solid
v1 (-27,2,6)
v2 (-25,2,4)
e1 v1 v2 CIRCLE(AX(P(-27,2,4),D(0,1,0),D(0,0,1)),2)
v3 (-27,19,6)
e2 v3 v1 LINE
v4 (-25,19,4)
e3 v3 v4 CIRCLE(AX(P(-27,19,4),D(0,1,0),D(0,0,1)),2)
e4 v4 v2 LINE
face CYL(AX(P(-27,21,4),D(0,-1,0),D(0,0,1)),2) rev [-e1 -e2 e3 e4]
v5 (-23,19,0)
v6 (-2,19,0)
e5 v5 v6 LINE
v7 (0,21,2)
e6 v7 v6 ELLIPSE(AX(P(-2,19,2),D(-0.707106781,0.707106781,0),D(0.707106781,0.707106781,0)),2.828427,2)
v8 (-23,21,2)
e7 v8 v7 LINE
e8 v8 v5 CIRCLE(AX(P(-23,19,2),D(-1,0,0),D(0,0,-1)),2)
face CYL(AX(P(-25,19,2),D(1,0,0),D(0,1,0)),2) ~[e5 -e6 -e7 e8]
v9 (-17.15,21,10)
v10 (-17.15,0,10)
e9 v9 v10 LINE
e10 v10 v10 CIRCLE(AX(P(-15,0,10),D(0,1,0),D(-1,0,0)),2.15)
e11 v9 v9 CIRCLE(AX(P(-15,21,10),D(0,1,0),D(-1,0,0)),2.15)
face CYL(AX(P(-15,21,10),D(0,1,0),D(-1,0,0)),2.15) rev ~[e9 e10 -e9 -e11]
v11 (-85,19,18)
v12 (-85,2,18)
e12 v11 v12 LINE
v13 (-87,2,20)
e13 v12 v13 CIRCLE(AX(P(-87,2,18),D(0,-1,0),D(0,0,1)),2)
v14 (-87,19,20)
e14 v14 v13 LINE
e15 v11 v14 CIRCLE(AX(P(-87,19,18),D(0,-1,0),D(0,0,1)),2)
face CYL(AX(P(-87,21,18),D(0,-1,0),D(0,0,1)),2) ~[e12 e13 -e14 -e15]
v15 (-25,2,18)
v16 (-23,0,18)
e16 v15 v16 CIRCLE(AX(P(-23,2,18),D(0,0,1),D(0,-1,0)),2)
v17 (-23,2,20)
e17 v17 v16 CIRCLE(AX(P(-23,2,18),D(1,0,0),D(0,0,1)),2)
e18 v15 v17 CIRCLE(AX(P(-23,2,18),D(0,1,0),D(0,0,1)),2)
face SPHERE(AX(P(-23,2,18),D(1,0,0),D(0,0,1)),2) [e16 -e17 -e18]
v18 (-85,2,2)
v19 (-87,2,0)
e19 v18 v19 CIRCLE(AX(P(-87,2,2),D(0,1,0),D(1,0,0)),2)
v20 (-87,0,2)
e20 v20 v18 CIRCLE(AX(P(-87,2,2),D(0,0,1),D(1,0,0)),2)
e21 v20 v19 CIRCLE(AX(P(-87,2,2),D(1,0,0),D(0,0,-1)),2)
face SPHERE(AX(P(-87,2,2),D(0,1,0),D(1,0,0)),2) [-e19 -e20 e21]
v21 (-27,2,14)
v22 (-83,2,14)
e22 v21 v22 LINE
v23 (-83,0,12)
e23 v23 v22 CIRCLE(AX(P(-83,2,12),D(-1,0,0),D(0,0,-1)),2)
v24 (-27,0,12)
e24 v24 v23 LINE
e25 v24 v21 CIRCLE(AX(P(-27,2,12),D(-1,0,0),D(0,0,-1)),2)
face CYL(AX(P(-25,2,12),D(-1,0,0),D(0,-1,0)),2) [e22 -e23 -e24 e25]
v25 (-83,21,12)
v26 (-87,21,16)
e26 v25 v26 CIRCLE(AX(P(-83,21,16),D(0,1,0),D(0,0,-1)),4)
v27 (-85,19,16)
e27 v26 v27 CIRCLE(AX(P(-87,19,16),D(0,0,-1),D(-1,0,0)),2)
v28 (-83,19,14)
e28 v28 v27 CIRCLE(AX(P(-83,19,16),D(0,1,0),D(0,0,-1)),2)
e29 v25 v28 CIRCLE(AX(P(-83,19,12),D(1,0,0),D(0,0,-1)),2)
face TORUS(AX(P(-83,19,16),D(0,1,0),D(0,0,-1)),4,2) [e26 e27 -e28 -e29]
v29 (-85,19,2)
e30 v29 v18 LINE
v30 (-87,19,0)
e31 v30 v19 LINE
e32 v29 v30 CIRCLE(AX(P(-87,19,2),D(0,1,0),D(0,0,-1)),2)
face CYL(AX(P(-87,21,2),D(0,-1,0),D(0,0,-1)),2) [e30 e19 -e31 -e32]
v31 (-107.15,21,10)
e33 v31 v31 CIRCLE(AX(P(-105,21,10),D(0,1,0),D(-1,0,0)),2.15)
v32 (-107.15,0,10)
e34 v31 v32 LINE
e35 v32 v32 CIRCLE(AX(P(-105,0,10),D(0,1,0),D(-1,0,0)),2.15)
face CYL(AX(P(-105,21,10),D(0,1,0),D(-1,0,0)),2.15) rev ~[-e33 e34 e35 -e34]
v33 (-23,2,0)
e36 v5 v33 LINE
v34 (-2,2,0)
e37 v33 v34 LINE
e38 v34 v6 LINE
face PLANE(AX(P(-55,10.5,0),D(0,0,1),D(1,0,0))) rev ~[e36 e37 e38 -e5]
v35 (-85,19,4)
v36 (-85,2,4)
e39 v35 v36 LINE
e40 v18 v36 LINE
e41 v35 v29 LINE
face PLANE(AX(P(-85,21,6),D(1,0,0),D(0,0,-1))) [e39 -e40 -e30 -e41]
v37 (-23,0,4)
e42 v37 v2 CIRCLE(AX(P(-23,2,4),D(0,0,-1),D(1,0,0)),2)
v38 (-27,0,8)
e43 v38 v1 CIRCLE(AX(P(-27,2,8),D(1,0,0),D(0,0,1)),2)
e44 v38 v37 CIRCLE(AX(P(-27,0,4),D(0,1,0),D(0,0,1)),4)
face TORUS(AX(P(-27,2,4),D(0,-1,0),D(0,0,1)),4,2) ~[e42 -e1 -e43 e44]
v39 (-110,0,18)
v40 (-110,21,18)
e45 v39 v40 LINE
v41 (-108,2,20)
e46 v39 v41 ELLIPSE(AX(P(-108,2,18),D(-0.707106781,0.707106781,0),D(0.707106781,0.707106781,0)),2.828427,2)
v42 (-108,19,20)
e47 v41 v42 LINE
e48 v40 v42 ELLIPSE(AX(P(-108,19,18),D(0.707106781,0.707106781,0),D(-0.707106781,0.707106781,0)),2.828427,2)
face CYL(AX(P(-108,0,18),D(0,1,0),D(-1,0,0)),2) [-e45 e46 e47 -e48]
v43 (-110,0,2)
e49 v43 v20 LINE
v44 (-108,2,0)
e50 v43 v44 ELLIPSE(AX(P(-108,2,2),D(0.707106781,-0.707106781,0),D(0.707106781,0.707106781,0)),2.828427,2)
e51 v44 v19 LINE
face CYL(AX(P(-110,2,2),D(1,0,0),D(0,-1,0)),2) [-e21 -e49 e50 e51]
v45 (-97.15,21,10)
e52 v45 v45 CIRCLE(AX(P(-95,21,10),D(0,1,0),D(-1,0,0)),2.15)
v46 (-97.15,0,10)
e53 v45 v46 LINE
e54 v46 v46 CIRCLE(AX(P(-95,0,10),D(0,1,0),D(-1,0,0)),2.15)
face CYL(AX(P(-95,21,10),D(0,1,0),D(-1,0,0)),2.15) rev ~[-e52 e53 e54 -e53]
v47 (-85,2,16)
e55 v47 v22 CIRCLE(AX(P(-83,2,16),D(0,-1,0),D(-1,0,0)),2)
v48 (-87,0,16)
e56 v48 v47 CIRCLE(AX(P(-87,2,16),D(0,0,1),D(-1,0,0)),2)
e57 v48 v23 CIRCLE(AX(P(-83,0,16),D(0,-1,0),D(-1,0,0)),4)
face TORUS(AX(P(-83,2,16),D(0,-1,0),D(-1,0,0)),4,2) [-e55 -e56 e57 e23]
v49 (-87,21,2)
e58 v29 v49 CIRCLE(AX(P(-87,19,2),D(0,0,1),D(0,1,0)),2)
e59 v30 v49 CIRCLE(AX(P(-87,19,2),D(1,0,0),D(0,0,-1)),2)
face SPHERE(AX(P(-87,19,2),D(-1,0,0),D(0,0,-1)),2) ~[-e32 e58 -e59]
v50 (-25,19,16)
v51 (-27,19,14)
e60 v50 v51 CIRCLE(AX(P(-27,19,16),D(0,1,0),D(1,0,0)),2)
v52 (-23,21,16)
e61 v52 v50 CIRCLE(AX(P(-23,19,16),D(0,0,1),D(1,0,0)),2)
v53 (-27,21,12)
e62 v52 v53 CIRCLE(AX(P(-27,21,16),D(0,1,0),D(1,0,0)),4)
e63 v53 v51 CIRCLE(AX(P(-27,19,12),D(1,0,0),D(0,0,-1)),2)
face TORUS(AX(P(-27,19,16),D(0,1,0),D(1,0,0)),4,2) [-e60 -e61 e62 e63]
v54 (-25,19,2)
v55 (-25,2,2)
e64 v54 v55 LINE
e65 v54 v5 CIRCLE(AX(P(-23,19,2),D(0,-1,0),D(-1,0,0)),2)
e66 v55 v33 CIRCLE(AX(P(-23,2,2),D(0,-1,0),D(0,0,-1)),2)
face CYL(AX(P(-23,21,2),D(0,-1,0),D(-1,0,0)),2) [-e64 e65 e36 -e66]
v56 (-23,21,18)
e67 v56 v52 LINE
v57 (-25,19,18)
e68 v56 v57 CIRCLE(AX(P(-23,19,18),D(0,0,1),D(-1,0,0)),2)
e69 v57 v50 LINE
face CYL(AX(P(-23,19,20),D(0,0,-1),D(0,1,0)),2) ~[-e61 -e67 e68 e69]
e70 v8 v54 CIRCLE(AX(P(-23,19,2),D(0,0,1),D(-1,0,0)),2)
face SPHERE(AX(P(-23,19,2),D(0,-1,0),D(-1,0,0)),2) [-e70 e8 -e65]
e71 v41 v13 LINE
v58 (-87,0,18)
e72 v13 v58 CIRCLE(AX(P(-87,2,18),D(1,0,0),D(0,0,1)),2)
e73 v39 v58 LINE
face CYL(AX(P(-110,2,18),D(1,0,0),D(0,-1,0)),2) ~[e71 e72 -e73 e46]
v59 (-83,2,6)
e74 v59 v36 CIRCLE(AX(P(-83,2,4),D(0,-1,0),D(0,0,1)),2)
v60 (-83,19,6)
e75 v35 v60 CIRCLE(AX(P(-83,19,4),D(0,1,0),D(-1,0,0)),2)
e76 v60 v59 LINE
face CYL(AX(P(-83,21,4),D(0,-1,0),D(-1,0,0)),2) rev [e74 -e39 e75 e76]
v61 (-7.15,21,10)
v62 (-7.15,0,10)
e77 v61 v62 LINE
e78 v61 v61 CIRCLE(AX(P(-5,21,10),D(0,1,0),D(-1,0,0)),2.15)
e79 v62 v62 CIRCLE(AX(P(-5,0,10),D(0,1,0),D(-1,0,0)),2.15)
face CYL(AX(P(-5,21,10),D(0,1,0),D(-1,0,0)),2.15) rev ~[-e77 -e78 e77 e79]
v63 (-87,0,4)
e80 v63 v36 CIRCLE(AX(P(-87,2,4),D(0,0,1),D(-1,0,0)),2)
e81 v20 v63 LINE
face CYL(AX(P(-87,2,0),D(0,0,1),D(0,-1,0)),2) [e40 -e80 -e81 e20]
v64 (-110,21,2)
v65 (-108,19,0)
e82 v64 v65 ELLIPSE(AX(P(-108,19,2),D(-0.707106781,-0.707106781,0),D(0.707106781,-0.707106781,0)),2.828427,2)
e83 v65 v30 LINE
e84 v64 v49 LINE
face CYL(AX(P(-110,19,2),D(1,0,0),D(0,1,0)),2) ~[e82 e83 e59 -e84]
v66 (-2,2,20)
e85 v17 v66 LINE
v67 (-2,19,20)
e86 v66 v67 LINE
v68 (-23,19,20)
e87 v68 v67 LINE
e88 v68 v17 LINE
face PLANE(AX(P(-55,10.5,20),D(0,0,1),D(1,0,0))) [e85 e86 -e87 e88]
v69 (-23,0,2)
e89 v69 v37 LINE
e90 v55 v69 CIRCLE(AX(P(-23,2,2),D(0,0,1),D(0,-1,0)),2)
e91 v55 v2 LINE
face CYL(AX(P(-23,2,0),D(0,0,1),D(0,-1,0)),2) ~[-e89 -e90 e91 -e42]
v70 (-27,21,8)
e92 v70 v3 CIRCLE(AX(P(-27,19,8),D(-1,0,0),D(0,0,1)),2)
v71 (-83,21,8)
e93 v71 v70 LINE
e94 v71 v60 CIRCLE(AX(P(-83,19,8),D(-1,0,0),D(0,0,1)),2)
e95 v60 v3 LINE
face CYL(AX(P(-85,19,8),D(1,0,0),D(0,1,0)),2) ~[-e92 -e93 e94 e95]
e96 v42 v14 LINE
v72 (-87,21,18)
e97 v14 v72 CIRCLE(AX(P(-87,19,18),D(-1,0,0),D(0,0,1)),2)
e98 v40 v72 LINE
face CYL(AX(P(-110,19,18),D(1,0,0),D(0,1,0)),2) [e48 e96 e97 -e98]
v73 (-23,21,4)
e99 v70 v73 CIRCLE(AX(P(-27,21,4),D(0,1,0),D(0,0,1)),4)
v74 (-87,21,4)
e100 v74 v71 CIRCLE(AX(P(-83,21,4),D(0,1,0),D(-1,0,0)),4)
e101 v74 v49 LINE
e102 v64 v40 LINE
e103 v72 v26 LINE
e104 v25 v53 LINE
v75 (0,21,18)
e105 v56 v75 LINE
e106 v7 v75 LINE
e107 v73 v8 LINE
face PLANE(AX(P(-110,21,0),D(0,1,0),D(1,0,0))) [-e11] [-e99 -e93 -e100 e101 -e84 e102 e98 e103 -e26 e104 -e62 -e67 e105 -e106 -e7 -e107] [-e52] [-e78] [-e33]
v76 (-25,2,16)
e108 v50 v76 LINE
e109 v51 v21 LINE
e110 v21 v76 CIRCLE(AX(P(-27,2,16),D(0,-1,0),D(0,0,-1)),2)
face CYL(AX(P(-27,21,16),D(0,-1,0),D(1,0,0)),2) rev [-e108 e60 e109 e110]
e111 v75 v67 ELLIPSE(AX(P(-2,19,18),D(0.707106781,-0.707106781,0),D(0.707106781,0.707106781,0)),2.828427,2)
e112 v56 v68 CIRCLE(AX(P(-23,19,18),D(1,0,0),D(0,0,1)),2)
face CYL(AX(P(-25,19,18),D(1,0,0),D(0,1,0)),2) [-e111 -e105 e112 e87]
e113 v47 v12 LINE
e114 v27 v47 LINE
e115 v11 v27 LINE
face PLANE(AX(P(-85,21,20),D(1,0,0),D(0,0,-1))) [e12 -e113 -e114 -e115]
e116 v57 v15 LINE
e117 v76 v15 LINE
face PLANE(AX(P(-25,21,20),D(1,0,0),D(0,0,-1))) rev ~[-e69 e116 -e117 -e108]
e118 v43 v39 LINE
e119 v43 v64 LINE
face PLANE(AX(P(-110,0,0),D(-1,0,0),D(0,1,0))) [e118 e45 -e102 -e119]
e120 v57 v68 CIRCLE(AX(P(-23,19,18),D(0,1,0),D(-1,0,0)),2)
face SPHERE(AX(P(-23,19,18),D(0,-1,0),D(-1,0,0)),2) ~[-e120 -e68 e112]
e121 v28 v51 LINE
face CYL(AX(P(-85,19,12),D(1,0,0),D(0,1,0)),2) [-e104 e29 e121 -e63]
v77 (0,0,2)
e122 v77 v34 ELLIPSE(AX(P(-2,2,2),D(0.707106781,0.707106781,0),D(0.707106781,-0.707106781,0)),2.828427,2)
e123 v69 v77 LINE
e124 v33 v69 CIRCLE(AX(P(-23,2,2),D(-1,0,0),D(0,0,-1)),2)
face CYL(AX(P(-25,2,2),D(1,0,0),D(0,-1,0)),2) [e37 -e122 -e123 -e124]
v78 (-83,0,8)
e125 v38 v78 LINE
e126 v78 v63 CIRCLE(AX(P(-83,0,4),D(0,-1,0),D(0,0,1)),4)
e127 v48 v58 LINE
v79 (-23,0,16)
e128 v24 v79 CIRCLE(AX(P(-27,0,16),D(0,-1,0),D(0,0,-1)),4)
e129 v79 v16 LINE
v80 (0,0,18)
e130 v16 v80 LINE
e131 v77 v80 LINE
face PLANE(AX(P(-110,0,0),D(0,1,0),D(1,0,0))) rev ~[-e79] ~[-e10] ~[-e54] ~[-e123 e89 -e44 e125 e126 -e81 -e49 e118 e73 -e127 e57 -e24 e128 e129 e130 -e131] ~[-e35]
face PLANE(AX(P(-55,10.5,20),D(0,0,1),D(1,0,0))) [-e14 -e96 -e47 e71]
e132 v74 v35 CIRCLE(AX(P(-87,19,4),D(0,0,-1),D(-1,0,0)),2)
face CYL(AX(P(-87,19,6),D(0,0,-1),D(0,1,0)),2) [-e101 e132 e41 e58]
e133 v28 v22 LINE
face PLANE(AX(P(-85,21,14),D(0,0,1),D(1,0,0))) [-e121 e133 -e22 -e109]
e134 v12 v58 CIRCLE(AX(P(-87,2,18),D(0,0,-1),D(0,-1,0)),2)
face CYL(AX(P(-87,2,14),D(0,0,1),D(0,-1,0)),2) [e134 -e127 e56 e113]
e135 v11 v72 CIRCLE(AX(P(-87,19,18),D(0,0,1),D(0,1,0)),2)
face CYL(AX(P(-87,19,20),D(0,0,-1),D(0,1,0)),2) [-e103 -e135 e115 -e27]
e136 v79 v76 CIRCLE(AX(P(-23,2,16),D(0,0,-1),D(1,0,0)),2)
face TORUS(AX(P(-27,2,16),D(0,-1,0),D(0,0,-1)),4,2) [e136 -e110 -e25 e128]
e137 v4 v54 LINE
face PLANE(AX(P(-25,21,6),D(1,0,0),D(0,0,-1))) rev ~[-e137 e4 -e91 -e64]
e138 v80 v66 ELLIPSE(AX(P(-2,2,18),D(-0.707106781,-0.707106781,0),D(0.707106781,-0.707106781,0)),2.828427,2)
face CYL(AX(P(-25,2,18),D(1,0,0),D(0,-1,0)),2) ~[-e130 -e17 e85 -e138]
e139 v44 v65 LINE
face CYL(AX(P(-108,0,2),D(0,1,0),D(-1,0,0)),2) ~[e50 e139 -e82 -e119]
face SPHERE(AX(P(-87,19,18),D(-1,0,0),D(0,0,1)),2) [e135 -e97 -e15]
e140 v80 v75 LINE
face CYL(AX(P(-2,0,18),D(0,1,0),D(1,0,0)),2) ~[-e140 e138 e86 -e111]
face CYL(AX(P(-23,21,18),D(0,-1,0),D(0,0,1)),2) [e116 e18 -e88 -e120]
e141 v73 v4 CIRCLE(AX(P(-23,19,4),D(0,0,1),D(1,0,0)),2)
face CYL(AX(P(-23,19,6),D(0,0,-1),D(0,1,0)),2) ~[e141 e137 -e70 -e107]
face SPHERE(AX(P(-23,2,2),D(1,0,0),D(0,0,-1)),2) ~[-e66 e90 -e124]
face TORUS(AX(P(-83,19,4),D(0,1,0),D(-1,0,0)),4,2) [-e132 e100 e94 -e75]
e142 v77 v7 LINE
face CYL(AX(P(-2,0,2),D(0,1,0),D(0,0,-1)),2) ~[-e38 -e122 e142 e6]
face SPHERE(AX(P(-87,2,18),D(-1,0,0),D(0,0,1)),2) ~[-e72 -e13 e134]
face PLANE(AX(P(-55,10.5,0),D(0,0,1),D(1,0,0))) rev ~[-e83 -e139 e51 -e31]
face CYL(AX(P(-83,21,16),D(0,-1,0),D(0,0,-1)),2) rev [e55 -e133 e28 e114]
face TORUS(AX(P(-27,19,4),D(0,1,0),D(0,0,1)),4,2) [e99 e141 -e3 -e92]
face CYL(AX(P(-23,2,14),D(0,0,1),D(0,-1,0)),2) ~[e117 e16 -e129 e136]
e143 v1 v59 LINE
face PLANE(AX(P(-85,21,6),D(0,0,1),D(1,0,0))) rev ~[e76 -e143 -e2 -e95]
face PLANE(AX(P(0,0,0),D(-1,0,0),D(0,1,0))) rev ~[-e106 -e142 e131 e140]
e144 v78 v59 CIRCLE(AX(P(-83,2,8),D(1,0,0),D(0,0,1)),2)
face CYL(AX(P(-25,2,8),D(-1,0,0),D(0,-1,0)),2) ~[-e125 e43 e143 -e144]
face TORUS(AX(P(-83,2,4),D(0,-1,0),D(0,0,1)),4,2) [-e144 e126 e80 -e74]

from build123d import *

# Parameters (mm, degrees)
SKETCH_1_W          = 110
SKETCH_1_H          = 21
EXTRUDE_1_DEPTH     = 20
CUT_EXTRUDE_1_REACH = 115.759
SKETCH_2_R          = 2.15
CUT_EXTRUDE_2_REACH = 115.759
SKETCH_3_W          = 60
SKETCH_3_H          = 6
FILLET_2_R          = 2


with BuildPart() as part:
    # 草图1 → 凸台-拉伸1 (new body)
    with BuildSketch(Plane.XY):
        with Locations((-55, 10.5)):
            Rectangle(SKETCH_1_W, SKETCH_1_H)
    extrude(amount=EXTRUDE_1_DEPTH)

    # 草图2 → 切除-拉伸1 (cut, up to next)
    with BuildSketch(Plane(origin=(0, 21, 0), x_dir=(1, 0, 0), z_dir=(0, 1, 0)), mode=Mode.PRIVATE) as cut_extrude_1_sk1:
        with Locations(Location((-15, -10, 0), (0, 0, 180))):
            Circle(SKETCH_2_R)
    cut_extrude_1_tool1 = extrude(cut_extrude_1_sk1.sketch, amount=-CUT_EXTRUDE_1_REACH, mode=Mode.PRIVATE) & part.part
    # 草图2 → 切除-拉伸1 (cut, up to next)
    with BuildSketch(Plane(origin=(0, 21, 0), x_dir=(1, 0, 0), z_dir=(0, 1, 0)), mode=Mode.PRIVATE) as cut_extrude_1_sk2:
        with Locations(Location((-5, -10, 0), (0, 0, 180))):
            Circle(SKETCH_2_R)
    cut_extrude_1_tool2 = extrude(cut_extrude_1_sk2.sketch, amount=-CUT_EXTRUDE_1_REACH, mode=Mode.PRIVATE) & part.part
    # 草图2 → 切除-拉伸1 (cut, up to next)
    with BuildSketch(Plane(origin=(0, 21, 0), x_dir=(1, 0, 0), z_dir=(0, 1, 0)), mode=Mode.PRIVATE) as cut_extrude_1_sk3:
        with Locations(Location((-105, -10, 0), (0, 0, 180))):
            Circle(SKETCH_2_R)
    cut_extrude_1_tool3 = extrude(cut_extrude_1_sk3.sketch, amount=-CUT_EXTRUDE_1_REACH, mode=Mode.PRIVATE) & part.part
    # 草图2 → 切除-拉伸1 (cut, up to next)
    with BuildSketch(Plane(origin=(0, 21, 0), x_dir=(1, 0, 0), z_dir=(0, 1, 0)), mode=Mode.PRIVATE) as cut_extrude_1_sk4:
        with Locations(Location((-95, -10, 0), (0, 0, 180))):
            Circle(SKETCH_2_R)
    cut_extrude_1_tool4 = extrude(cut_extrude_1_sk4.sketch, amount=-CUT_EXTRUDE_1_REACH, mode=Mode.PRIVATE) & part.part
    add(cut_extrude_1_tool1.solids().sort_by_distance((-15, 21, 10))[0], mode=Mode.SUBTRACT)
    add(cut_extrude_1_tool2.solids().sort_by_distance((-5, 21, 10))[0], mode=Mode.SUBTRACT)
    add(cut_extrude_1_tool3.solids().sort_by_distance((-105, 21, 10))[0], mode=Mode.SUBTRACT)
    add(cut_extrude_1_tool4.solids().sort_by_distance((-95, 21, 10))[0], mode=Mode.SUBTRACT)

    # 草图3 → 切除-拉伸2 (cut, up to next)
    with BuildSketch(Plane(origin=(0, 21, 0), x_dir=(1, 0, 0), z_dir=(0, 1, 0)), mode=Mode.PRIVATE) as cut_extrude_2_sk1:
        with Locations((-55, -3)):
            Rectangle(SKETCH_3_W, SKETCH_3_H)
    cut_extrude_2_tool1 = extrude(cut_extrude_2_sk1.sketch, amount=-CUT_EXTRUDE_2_REACH, mode=Mode.PRIVATE) & part.part
    # 草图3 → 切除-拉伸2 (cut, up to next)
    with BuildSketch(Plane(origin=(0, 21, 0), x_dir=(1, 0, 0), z_dir=(0, 1, 0)), mode=Mode.PRIVATE) as cut_extrude_2_sk2:
        with Locations((-55, -17)):
            Rectangle(SKETCH_3_W, SKETCH_3_H)
    cut_extrude_2_tool2 = extrude(cut_extrude_2_sk2.sketch, amount=-CUT_EXTRUDE_2_REACH, mode=Mode.PRIVATE) & part.part
    add(cut_extrude_2_tool1.solids().sort_by_distance((-55, 21, 3))[0], mode=Mode.SUBTRACT)
    add(cut_extrude_2_tool2.solids().sort_by_distance((-55, 21, 17))[0], mode=Mode.SUBTRACT)

    # 圆角2
    fillet_2_edges = [part.edges().sort_by_distance(p)[0] for p in [
        (-110, 10.5, 20),
        (-97.5, 0, 20),
        (-12.5, 0, 0),
        (-97.5, 21, 0),
        (-97.5, 21, 20),
        (-12.5, 0, 20),
        (-85, 10.5, 6),
        (-85, 10.5, 0),
        (-25, 10.5, 0),
        (-25, 10.5, 6),
        (-85, 21, 3),
        (-55, 21, 6),
        (-25, 21, 3),
        (-55, 0, 6),
        (-85, 0, 3),
        (-25, 0, 3),
        (-25, 10.5, 20),
        (-85, 10.5, 20),
        (-85, 10.5, 14),
        (-25, 10.5, 14),
        (0, 10.5, 20),
        (-97.5, 0, 0),
        (-25, 21, 17),
        (-55, 21, 14),
        (-85, 21, 17),
        (-85, 0, 17),
        (-55, 0, 14),
        (-25, 0, 17),
        (-110, 10.5, 0),
        (-12.5, 21, 0),
        (0, 10.5, 0),
        (-12.5, 21, 20),
    ]]
    fillet(fillet_2_edges, radius=FILLET_2_R)


solid = part.part
